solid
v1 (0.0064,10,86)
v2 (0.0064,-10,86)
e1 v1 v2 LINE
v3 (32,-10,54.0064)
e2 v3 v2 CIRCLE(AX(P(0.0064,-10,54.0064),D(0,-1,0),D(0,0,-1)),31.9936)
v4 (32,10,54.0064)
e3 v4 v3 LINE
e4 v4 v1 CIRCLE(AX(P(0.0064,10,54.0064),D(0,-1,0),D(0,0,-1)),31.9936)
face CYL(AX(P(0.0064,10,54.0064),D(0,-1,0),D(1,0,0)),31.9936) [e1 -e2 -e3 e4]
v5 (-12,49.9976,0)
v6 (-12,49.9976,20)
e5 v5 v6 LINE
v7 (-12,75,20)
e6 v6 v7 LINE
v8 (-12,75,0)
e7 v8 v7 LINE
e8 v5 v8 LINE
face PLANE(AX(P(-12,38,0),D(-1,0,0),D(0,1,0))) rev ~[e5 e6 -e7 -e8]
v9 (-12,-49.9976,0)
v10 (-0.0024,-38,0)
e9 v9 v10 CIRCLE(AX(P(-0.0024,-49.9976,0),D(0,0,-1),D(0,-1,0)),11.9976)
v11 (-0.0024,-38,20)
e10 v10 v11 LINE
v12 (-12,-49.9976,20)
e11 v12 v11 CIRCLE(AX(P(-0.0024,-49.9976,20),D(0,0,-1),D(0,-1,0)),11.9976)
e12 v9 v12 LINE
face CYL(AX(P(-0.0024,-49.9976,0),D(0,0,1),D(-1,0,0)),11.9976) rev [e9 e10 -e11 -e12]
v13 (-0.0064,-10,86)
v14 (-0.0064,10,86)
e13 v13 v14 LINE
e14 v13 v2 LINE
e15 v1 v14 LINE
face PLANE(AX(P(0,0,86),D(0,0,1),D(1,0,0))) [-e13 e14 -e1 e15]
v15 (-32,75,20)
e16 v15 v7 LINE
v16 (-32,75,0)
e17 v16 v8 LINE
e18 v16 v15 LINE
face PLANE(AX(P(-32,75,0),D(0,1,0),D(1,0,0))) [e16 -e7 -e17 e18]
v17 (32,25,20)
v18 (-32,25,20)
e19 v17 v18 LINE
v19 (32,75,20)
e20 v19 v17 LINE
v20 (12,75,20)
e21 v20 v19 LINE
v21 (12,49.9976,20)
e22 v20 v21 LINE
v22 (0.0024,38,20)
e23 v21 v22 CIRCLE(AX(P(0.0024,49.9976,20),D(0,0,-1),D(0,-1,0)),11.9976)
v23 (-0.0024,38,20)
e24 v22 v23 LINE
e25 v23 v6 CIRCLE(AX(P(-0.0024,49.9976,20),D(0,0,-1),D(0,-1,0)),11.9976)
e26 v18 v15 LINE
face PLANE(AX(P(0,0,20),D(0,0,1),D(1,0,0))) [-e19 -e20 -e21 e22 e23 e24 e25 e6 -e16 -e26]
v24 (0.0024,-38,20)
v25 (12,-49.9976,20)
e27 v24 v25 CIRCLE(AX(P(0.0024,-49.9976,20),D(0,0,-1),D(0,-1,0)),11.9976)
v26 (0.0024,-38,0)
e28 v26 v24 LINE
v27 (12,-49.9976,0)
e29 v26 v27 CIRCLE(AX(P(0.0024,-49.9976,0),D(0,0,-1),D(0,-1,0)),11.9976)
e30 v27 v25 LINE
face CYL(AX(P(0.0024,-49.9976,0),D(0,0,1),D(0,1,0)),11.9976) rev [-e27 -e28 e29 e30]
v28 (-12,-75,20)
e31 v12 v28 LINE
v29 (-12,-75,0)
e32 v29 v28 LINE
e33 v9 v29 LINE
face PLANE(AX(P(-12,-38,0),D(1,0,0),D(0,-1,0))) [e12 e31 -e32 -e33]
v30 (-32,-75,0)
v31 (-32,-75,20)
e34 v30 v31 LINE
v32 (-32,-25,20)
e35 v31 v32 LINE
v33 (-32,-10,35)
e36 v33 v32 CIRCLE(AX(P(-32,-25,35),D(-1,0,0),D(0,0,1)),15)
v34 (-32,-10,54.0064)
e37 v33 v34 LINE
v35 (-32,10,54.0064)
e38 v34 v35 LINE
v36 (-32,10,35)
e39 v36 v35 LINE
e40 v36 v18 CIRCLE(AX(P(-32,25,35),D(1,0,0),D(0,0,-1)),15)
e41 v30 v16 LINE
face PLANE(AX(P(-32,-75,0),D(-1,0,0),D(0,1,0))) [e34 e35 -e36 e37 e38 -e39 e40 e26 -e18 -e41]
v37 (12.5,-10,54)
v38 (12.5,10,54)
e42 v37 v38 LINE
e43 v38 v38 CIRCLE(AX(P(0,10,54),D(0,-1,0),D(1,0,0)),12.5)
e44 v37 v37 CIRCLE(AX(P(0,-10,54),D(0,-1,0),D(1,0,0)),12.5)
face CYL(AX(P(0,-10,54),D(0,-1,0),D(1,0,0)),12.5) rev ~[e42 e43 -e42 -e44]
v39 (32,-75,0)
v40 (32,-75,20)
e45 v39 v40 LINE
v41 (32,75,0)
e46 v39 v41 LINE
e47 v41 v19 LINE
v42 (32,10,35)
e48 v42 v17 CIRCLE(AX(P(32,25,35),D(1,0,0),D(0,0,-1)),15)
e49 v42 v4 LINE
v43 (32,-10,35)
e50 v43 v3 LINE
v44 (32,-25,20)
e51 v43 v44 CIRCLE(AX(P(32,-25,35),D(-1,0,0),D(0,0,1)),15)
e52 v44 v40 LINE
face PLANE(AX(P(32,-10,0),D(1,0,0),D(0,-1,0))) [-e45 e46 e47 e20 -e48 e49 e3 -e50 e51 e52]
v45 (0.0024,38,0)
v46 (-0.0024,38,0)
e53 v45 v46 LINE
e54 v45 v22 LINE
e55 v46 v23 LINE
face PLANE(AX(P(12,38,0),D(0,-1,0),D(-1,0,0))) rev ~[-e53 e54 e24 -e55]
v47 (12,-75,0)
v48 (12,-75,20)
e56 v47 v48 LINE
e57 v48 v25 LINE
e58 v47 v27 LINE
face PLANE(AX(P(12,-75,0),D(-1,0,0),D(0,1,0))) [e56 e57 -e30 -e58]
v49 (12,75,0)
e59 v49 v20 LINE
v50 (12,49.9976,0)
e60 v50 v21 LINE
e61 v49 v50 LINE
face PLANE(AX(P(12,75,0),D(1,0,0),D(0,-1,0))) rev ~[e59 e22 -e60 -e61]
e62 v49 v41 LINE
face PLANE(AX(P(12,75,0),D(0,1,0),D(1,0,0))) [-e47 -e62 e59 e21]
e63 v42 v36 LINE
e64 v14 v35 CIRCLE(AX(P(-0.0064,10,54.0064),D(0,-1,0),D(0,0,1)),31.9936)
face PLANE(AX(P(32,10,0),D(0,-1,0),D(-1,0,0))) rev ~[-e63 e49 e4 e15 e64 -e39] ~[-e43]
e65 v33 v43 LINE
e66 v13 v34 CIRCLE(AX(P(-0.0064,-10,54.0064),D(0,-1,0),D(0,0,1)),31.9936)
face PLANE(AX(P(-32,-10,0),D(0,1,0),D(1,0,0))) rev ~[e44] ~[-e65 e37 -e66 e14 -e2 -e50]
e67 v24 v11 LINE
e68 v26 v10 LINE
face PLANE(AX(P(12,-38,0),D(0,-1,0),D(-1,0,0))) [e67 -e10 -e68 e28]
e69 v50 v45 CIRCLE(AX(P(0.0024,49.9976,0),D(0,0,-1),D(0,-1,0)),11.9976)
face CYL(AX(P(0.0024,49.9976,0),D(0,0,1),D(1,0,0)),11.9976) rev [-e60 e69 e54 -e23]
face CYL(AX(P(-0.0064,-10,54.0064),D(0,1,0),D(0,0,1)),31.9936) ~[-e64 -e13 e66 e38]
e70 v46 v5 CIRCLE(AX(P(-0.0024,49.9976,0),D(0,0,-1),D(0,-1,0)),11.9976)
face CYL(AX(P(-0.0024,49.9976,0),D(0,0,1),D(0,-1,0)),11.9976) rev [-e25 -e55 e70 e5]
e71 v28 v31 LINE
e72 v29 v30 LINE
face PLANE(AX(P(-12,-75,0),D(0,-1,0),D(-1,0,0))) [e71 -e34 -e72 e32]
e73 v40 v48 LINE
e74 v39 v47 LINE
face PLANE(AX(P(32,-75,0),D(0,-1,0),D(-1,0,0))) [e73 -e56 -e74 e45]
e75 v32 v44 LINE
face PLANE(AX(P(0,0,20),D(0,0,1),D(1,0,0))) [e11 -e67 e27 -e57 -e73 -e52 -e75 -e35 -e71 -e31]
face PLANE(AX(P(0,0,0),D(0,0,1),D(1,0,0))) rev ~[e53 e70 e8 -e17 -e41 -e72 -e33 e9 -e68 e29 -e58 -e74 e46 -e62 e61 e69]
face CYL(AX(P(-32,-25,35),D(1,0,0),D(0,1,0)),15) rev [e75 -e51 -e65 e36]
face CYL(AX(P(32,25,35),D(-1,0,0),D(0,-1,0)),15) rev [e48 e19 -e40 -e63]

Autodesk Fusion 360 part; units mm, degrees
sketch "Sketch1" plane through (0, 0, 0) normal (0, 0, 1) x (1, 0, 0)
  line L0 (-32, 75) -> (32, 75)
  line L1 (32, 75) -> (32, -75)
  line L2 (32, -75) -> (-32, -75)
  line L3 (-32, -75) -> (-32, 75)
  line L4 (-32, -10) -> (32, -10)
  line L5 (32, -10) -> (32, 10)
  line L6 (32, 10) -> (-32, 10)
  line L7 (-32, 10) -> (-32, -10)
  line L8 (-12, 75) -> (12, 75)
  line L9 (12, 75) -> (12, 38)
  line L10 (12, 38) -> (-12, 38)
  line L11 (-12, 38) -> (-12, 75)
  line L12 (-32, 0) -> (32, 0)
  line L13 (-12, -38) -> (-12, -75)
  line L14 (12, -38) -> (-12, -38)
  line L15 (12, -75) -> (12, -38)
  dimension "d1" = 64
  dimension "d2" = 150
  dimension "d3" = 75
  dimension "d4" = 32
  dimension "d5" = 20
  dimension "d6" = 10
  dimension "d7" = 24
  dimension "d8" = 37
  dimension "d9" = 12
extrude "Extrude1" add sketch "Sketch1" along normal blind 20 contours L0 L1 L3 L6 L9 L10 L11 | L1 L2 L3 L4 L13 L14 L15 makes body 1 at (-4, -19.3333, 0) makes body 2 at (4, 19.3333, 0)
extrude "Extrude2" add sketch "Sketch1" along normal blind 86 contours L1 L3 L5 L6 L7 L12 | L1 L3 L4 L5 L7 L12 bodies 1 2
sketch "Sketch2" plane through (0, -10, 0) normal (0, -1, 0) x (1, 0, 0)
  line L0 (-32, 20) -> (32, 20)
  line L1 (32, 20) -> (32, 86)
  line L2 (32, 86) -> (-32, 86)
  line L3 (-32, 86) -> (-32, 20)
  circle A0 centre (0, 54) radius 12.5
  line L4 (32, 0) -> (-32, 0)
  dimension "d14" = 25
  dimension "d16" = 54
extrude "Extrude3" cut sketch "Sketch2" against normal up to surface (20 mm away) contours A0 bodies 1
fillet "Fillet1" radius 32 2 edges at (32, 0, 86) (-32, 0, 86) on bodies 1
fillet "Fillet2" radius 15 2 edges at (0, 10, 20) (0, -10, 20) on bodies 1
fillet "Fillet3" radius 12 4 edges at (-12, -38, 10) (12, -38, 10) (12, 38, 10) (-12, 38, 10) on bodies 1
equation "d1 = ( 2 * 20 ) * 1 mm + 24 mm"
equation "d2 = ( 2 * 65 ) * 1 mm + 20 mm"
equation "d3 = ( 150 / 2 ) * 1 mm"
equation "d8 = 25 mm + 12 mm"
equation "d12 = 54 mm + 32 mm"
